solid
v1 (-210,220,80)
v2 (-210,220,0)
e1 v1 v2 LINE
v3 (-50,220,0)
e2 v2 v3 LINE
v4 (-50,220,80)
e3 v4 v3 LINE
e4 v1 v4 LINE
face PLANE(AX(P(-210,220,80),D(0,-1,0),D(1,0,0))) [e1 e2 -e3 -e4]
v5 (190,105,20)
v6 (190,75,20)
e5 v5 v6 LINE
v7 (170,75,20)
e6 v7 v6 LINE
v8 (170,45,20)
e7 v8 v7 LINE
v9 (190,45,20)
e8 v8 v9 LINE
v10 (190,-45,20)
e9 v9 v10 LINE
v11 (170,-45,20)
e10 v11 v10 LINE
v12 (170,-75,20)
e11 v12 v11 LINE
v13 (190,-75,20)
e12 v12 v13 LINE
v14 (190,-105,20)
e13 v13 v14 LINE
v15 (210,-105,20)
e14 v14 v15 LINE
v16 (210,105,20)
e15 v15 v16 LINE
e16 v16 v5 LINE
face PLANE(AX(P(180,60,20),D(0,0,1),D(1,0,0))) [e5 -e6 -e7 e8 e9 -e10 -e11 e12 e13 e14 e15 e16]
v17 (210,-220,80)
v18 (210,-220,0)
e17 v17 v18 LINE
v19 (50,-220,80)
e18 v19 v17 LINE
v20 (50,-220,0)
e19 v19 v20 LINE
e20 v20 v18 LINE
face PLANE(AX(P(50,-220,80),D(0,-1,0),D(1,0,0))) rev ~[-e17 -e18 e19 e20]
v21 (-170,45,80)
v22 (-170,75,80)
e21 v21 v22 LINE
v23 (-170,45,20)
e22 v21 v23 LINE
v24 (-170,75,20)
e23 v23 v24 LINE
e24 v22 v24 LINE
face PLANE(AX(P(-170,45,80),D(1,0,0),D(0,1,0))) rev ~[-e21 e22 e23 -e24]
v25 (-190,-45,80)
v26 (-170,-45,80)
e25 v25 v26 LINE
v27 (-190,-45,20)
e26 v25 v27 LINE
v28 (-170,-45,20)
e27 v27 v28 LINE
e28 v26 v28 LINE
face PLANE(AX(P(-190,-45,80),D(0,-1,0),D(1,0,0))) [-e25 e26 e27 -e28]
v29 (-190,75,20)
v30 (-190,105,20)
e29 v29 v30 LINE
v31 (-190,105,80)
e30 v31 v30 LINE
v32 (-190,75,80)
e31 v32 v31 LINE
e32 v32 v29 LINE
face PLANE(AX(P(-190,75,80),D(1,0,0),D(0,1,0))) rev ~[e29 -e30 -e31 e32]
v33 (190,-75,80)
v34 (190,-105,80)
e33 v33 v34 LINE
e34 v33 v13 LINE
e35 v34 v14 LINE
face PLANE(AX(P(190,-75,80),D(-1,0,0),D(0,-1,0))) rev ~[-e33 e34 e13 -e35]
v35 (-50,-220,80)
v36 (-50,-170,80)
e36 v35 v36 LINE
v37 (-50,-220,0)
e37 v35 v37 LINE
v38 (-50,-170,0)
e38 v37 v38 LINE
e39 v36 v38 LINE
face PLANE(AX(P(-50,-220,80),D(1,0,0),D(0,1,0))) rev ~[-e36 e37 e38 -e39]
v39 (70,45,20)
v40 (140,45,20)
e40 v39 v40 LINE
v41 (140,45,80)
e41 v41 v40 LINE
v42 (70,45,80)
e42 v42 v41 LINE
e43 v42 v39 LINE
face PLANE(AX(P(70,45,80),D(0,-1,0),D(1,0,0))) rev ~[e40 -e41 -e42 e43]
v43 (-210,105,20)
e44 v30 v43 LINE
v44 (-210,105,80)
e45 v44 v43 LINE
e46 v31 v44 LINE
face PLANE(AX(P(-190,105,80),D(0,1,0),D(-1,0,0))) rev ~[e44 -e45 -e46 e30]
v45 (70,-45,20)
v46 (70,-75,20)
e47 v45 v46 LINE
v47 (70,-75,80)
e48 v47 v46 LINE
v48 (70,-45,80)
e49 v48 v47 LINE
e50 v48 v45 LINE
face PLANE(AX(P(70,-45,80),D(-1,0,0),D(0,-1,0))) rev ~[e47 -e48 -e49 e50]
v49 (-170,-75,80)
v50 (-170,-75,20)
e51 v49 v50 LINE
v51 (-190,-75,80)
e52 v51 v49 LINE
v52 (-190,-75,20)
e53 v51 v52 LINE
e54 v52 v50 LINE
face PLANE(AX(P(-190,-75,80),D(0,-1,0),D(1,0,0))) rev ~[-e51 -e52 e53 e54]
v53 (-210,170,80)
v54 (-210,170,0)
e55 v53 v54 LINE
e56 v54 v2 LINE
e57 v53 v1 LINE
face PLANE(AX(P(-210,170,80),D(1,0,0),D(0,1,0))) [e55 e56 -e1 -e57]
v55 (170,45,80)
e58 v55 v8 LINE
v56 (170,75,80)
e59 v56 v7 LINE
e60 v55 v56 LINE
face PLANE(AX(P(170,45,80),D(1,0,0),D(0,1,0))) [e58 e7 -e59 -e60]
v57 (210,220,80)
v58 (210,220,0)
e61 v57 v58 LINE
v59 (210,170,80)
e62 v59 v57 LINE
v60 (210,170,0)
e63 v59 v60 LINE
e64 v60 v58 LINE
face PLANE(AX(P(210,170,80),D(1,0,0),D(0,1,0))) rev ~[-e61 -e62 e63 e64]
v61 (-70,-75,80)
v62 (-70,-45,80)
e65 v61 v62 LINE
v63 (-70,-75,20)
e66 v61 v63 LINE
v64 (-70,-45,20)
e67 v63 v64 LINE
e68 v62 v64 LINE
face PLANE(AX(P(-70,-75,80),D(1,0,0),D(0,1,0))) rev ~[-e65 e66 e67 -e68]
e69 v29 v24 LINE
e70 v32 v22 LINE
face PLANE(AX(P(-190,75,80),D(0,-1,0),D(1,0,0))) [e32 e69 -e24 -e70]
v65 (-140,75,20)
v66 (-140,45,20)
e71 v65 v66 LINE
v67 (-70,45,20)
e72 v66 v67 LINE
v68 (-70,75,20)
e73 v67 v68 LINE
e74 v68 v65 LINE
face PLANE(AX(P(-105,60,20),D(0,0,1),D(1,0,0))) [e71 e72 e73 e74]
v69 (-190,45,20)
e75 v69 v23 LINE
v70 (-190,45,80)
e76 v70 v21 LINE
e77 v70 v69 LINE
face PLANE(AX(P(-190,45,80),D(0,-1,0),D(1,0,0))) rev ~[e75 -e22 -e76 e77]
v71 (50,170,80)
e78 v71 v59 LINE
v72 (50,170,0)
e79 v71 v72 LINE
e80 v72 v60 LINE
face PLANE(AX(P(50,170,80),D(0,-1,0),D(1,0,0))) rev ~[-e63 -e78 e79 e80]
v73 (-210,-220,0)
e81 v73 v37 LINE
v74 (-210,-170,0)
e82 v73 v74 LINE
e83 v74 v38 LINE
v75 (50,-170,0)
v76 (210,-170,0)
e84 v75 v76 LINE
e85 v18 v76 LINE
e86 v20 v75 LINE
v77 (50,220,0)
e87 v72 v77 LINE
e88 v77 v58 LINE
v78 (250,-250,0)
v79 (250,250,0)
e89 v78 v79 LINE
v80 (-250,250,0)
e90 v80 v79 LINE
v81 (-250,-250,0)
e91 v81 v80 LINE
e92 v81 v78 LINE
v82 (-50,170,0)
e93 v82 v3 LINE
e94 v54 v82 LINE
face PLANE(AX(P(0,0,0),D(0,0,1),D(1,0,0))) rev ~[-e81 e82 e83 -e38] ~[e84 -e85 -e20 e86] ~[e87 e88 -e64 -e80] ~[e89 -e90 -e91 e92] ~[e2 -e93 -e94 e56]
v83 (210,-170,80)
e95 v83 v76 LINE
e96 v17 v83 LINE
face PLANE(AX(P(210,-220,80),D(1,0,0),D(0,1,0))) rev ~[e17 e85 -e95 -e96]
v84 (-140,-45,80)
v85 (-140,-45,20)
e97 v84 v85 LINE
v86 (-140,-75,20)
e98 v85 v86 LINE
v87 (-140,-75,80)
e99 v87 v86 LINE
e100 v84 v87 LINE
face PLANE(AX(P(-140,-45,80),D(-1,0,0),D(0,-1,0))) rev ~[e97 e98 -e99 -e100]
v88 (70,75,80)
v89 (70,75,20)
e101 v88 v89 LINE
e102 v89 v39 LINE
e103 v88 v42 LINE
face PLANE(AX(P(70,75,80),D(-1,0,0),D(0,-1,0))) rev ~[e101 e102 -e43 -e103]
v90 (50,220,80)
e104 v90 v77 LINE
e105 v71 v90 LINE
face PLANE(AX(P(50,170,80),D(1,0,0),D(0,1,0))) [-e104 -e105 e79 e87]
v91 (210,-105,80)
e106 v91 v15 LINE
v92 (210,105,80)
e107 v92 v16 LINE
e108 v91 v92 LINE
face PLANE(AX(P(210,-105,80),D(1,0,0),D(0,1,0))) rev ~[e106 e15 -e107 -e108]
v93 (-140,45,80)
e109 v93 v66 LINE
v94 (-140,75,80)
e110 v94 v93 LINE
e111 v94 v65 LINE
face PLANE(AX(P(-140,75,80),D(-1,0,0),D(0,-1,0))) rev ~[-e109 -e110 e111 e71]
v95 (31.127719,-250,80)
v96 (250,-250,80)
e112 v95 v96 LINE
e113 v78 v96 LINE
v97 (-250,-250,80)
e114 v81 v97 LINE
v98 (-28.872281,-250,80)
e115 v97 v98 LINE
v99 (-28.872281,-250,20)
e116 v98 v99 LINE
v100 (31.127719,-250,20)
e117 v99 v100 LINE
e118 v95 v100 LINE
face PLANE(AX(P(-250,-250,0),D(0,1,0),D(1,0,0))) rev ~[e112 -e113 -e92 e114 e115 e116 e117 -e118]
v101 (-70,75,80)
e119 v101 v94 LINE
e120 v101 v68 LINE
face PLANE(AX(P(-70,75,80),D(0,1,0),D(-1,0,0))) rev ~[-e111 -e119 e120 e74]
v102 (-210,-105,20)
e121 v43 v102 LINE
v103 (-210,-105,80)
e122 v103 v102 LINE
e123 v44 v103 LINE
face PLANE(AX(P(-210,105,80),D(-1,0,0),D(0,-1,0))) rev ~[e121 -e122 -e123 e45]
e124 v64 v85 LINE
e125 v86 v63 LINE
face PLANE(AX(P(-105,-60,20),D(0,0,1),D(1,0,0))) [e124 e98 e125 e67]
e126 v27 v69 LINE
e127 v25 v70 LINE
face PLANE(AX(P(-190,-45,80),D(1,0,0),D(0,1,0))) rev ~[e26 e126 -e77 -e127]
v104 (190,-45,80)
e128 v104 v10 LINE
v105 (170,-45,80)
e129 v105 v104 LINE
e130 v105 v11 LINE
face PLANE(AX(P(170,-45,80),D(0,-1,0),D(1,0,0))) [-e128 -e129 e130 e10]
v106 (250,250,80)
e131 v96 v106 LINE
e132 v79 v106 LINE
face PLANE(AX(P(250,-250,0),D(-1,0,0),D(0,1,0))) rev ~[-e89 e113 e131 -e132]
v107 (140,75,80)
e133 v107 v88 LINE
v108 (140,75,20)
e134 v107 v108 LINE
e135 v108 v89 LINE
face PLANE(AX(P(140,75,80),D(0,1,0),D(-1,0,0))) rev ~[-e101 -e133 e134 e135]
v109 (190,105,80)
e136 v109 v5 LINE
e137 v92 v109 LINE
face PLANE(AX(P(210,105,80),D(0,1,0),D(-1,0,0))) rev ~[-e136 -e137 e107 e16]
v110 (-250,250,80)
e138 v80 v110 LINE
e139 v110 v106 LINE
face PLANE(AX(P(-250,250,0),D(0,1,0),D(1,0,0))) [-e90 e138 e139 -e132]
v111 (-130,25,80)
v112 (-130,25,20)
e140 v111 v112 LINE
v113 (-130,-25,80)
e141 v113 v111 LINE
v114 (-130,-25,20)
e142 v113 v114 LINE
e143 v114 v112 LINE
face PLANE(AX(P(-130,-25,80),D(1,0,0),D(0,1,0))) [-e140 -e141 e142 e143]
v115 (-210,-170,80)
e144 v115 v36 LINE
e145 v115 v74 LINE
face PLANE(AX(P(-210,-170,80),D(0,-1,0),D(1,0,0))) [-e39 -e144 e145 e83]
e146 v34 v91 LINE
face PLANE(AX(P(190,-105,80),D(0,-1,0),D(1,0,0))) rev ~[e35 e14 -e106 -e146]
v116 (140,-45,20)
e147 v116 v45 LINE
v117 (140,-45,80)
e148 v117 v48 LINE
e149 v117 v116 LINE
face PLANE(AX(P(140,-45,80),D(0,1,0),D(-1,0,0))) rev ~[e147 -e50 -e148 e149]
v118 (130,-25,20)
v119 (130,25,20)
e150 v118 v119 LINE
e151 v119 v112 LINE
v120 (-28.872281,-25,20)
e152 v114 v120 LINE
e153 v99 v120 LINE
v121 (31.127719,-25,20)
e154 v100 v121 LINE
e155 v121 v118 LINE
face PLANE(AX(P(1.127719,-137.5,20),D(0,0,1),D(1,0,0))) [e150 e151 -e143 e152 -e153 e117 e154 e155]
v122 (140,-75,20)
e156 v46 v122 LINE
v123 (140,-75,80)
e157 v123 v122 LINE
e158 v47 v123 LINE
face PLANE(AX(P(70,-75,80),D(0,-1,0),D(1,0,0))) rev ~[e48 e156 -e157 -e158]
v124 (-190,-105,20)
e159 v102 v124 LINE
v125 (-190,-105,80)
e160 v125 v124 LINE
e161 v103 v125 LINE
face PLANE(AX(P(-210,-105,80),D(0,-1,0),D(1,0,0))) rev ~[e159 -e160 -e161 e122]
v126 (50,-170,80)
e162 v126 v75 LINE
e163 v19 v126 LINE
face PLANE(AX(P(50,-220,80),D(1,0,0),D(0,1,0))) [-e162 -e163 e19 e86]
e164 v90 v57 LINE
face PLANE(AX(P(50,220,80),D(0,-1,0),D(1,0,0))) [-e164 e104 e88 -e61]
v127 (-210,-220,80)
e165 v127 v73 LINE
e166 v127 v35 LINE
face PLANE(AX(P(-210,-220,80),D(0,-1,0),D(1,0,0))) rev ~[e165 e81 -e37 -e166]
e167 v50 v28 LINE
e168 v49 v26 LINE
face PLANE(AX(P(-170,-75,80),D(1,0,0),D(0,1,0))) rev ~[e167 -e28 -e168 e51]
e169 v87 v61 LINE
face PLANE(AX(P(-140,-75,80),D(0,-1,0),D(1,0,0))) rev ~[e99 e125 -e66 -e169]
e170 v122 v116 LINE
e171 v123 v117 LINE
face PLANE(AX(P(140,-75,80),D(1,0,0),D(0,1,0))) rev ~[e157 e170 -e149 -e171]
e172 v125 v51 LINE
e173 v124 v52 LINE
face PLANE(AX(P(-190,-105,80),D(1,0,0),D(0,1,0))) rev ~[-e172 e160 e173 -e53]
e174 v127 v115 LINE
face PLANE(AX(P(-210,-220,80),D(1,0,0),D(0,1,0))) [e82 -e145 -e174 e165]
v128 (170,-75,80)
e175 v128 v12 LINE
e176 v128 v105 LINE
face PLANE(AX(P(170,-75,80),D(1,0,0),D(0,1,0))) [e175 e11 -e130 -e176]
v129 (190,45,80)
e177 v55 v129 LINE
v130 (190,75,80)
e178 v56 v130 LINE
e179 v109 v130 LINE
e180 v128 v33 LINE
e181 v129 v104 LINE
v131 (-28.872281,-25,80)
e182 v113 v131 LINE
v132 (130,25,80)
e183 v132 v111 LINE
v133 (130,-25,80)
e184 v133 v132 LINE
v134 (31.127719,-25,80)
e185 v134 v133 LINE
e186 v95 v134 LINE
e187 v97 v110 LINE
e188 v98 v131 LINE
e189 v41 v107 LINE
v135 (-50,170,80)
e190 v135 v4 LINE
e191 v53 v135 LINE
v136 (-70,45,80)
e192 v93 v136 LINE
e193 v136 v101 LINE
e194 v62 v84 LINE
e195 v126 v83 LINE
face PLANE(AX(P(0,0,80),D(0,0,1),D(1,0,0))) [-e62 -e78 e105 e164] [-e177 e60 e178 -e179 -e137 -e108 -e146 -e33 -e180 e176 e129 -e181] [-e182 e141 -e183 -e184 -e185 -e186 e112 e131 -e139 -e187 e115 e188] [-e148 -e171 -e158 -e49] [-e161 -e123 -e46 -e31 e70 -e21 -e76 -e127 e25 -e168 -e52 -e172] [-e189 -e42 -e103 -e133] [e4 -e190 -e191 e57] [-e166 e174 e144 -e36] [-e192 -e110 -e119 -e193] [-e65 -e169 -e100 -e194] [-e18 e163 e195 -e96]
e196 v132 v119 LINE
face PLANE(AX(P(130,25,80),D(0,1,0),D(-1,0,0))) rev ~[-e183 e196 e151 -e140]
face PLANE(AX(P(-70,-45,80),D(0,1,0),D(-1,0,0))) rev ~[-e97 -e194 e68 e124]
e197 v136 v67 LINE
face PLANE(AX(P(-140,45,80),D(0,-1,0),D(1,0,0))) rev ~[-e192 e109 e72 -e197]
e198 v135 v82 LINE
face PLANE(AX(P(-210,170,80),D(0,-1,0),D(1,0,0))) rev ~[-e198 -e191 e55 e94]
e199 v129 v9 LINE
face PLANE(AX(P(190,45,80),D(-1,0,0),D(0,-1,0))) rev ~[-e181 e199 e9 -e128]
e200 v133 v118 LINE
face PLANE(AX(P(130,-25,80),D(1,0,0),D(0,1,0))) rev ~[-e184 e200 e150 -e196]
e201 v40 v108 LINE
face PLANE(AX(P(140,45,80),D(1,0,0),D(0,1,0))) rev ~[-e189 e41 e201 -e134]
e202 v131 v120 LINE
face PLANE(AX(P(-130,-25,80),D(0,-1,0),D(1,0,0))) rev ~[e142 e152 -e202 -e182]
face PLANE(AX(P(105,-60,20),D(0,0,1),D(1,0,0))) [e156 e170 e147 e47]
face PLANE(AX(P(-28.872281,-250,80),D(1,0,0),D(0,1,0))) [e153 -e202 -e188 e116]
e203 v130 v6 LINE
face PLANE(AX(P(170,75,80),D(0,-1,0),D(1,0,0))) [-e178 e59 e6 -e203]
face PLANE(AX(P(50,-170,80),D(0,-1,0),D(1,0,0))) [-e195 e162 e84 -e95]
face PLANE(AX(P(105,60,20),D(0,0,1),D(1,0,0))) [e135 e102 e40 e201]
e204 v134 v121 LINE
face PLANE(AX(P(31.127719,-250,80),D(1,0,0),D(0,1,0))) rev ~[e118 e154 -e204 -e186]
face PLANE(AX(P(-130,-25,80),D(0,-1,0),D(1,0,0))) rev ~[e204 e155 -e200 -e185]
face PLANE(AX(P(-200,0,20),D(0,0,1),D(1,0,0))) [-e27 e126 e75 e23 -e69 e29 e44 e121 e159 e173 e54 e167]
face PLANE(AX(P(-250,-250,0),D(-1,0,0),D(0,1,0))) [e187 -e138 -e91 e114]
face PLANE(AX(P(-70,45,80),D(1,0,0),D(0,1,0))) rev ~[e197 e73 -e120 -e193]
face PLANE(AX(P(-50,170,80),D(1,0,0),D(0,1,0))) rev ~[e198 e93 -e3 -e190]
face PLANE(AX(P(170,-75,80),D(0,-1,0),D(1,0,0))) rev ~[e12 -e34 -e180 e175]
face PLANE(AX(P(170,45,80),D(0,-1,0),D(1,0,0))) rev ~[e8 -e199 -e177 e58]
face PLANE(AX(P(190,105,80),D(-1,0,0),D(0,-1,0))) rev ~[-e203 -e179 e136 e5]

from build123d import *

# Parameters (mm, degrees)
F0_W     = 500
F0_H     = 500
F1_DEPTH = 80
F2_W     = 20
F2_H     = 30
F2_W_2   = 60
F2_H_2   = 50
F2_W_3   = 140
F3_DEPTH = 60
F4_W     = 160
F4_H     = 50
F5_DEPTH = 190
F6_W     = 60
F6_H     = 225
F7_DEPTH = 60


with BuildPart() as f1:
    # F0 (on Top) → F1 (new body)
    with BuildSketch(Plane.XY):
        Rectangle(F0_W, F0_H)
    extrude(amount=F1_DEPTH)

    # F2 (on face) → F3 (cut)
    with BuildSketch(Plane.XY.offset(80)):
        Polygon((-190, 105), (-210, 105), (-210, -105), (-190, -105), (-190, -75), (-190, -45), (-190, 45), (-190, 75), align=None)
        with Locations((-180, 60)):
            Rectangle(F2_W, F2_H)
        with Locations((-180, -60)):
            Rectangle(F2_W, F2_H)
        Polygon((-70, 75), (-140, 75), (-140, 45), (-130, 45), (-70, 45), align=None)
        Polygon((-140, -45), (-140, -75), (-70, -75), (-70, -45), (-130, -45), align=None)
        Polygon((140, 45), (140, 75), (70, 75), (70, 45), (130, 45), align=None)
        Polygon((70, -75), (140, -75), (140, -45), (130, -45), (70, -45), align=None)
        with Locations((180, 60)):
            Rectangle(F2_W, F2_H)
        Polygon((210, 105), (190, 105), (190, 75), (190, 45), (190, -45), (190, -75), (190, -105), (210, -105), align=None)
        with Locations((180, -60)):
            Rectangle(F2_W, F2_H)
        with Locations((-100, 0)):
            Rectangle(F2_W_2, F2_H_2)
        Rectangle(F2_W_3, F2_H_2)
        with Locations((100, 0)):
            Rectangle(F2_W_2, F2_H_2)
    extrude(amount=-F3_DEPTH, mode=Mode.SUBTRACT)

    # F4 (on face) → F5 (cut)
    with BuildSketch(Plane.XY.offset(80)):
        with Locations((-130, 195)):
            Rectangle(F4_W, F4_H)
        with Locations((130, 195)):
            Rectangle(F4_W, F4_H)
        with Locations((130, -195)):
            Rectangle(F4_W, F4_H)
        with Locations((-130, -195)):
            Rectangle(F4_W, F4_H)
    extrude(amount=-F5_DEPTH, mode=Mode.SUBTRACT)

    # F6 (on face) → F7 (cut)
    with BuildSketch(Plane.XY.offset(80)):
        with Locations((1.1277186871, -137.5)):
            Rectangle(F6_W, F6_H)
    extrude(amount=-F7_DEPTH, mode=Mode.SUBTRACT)


solid = f1.part
